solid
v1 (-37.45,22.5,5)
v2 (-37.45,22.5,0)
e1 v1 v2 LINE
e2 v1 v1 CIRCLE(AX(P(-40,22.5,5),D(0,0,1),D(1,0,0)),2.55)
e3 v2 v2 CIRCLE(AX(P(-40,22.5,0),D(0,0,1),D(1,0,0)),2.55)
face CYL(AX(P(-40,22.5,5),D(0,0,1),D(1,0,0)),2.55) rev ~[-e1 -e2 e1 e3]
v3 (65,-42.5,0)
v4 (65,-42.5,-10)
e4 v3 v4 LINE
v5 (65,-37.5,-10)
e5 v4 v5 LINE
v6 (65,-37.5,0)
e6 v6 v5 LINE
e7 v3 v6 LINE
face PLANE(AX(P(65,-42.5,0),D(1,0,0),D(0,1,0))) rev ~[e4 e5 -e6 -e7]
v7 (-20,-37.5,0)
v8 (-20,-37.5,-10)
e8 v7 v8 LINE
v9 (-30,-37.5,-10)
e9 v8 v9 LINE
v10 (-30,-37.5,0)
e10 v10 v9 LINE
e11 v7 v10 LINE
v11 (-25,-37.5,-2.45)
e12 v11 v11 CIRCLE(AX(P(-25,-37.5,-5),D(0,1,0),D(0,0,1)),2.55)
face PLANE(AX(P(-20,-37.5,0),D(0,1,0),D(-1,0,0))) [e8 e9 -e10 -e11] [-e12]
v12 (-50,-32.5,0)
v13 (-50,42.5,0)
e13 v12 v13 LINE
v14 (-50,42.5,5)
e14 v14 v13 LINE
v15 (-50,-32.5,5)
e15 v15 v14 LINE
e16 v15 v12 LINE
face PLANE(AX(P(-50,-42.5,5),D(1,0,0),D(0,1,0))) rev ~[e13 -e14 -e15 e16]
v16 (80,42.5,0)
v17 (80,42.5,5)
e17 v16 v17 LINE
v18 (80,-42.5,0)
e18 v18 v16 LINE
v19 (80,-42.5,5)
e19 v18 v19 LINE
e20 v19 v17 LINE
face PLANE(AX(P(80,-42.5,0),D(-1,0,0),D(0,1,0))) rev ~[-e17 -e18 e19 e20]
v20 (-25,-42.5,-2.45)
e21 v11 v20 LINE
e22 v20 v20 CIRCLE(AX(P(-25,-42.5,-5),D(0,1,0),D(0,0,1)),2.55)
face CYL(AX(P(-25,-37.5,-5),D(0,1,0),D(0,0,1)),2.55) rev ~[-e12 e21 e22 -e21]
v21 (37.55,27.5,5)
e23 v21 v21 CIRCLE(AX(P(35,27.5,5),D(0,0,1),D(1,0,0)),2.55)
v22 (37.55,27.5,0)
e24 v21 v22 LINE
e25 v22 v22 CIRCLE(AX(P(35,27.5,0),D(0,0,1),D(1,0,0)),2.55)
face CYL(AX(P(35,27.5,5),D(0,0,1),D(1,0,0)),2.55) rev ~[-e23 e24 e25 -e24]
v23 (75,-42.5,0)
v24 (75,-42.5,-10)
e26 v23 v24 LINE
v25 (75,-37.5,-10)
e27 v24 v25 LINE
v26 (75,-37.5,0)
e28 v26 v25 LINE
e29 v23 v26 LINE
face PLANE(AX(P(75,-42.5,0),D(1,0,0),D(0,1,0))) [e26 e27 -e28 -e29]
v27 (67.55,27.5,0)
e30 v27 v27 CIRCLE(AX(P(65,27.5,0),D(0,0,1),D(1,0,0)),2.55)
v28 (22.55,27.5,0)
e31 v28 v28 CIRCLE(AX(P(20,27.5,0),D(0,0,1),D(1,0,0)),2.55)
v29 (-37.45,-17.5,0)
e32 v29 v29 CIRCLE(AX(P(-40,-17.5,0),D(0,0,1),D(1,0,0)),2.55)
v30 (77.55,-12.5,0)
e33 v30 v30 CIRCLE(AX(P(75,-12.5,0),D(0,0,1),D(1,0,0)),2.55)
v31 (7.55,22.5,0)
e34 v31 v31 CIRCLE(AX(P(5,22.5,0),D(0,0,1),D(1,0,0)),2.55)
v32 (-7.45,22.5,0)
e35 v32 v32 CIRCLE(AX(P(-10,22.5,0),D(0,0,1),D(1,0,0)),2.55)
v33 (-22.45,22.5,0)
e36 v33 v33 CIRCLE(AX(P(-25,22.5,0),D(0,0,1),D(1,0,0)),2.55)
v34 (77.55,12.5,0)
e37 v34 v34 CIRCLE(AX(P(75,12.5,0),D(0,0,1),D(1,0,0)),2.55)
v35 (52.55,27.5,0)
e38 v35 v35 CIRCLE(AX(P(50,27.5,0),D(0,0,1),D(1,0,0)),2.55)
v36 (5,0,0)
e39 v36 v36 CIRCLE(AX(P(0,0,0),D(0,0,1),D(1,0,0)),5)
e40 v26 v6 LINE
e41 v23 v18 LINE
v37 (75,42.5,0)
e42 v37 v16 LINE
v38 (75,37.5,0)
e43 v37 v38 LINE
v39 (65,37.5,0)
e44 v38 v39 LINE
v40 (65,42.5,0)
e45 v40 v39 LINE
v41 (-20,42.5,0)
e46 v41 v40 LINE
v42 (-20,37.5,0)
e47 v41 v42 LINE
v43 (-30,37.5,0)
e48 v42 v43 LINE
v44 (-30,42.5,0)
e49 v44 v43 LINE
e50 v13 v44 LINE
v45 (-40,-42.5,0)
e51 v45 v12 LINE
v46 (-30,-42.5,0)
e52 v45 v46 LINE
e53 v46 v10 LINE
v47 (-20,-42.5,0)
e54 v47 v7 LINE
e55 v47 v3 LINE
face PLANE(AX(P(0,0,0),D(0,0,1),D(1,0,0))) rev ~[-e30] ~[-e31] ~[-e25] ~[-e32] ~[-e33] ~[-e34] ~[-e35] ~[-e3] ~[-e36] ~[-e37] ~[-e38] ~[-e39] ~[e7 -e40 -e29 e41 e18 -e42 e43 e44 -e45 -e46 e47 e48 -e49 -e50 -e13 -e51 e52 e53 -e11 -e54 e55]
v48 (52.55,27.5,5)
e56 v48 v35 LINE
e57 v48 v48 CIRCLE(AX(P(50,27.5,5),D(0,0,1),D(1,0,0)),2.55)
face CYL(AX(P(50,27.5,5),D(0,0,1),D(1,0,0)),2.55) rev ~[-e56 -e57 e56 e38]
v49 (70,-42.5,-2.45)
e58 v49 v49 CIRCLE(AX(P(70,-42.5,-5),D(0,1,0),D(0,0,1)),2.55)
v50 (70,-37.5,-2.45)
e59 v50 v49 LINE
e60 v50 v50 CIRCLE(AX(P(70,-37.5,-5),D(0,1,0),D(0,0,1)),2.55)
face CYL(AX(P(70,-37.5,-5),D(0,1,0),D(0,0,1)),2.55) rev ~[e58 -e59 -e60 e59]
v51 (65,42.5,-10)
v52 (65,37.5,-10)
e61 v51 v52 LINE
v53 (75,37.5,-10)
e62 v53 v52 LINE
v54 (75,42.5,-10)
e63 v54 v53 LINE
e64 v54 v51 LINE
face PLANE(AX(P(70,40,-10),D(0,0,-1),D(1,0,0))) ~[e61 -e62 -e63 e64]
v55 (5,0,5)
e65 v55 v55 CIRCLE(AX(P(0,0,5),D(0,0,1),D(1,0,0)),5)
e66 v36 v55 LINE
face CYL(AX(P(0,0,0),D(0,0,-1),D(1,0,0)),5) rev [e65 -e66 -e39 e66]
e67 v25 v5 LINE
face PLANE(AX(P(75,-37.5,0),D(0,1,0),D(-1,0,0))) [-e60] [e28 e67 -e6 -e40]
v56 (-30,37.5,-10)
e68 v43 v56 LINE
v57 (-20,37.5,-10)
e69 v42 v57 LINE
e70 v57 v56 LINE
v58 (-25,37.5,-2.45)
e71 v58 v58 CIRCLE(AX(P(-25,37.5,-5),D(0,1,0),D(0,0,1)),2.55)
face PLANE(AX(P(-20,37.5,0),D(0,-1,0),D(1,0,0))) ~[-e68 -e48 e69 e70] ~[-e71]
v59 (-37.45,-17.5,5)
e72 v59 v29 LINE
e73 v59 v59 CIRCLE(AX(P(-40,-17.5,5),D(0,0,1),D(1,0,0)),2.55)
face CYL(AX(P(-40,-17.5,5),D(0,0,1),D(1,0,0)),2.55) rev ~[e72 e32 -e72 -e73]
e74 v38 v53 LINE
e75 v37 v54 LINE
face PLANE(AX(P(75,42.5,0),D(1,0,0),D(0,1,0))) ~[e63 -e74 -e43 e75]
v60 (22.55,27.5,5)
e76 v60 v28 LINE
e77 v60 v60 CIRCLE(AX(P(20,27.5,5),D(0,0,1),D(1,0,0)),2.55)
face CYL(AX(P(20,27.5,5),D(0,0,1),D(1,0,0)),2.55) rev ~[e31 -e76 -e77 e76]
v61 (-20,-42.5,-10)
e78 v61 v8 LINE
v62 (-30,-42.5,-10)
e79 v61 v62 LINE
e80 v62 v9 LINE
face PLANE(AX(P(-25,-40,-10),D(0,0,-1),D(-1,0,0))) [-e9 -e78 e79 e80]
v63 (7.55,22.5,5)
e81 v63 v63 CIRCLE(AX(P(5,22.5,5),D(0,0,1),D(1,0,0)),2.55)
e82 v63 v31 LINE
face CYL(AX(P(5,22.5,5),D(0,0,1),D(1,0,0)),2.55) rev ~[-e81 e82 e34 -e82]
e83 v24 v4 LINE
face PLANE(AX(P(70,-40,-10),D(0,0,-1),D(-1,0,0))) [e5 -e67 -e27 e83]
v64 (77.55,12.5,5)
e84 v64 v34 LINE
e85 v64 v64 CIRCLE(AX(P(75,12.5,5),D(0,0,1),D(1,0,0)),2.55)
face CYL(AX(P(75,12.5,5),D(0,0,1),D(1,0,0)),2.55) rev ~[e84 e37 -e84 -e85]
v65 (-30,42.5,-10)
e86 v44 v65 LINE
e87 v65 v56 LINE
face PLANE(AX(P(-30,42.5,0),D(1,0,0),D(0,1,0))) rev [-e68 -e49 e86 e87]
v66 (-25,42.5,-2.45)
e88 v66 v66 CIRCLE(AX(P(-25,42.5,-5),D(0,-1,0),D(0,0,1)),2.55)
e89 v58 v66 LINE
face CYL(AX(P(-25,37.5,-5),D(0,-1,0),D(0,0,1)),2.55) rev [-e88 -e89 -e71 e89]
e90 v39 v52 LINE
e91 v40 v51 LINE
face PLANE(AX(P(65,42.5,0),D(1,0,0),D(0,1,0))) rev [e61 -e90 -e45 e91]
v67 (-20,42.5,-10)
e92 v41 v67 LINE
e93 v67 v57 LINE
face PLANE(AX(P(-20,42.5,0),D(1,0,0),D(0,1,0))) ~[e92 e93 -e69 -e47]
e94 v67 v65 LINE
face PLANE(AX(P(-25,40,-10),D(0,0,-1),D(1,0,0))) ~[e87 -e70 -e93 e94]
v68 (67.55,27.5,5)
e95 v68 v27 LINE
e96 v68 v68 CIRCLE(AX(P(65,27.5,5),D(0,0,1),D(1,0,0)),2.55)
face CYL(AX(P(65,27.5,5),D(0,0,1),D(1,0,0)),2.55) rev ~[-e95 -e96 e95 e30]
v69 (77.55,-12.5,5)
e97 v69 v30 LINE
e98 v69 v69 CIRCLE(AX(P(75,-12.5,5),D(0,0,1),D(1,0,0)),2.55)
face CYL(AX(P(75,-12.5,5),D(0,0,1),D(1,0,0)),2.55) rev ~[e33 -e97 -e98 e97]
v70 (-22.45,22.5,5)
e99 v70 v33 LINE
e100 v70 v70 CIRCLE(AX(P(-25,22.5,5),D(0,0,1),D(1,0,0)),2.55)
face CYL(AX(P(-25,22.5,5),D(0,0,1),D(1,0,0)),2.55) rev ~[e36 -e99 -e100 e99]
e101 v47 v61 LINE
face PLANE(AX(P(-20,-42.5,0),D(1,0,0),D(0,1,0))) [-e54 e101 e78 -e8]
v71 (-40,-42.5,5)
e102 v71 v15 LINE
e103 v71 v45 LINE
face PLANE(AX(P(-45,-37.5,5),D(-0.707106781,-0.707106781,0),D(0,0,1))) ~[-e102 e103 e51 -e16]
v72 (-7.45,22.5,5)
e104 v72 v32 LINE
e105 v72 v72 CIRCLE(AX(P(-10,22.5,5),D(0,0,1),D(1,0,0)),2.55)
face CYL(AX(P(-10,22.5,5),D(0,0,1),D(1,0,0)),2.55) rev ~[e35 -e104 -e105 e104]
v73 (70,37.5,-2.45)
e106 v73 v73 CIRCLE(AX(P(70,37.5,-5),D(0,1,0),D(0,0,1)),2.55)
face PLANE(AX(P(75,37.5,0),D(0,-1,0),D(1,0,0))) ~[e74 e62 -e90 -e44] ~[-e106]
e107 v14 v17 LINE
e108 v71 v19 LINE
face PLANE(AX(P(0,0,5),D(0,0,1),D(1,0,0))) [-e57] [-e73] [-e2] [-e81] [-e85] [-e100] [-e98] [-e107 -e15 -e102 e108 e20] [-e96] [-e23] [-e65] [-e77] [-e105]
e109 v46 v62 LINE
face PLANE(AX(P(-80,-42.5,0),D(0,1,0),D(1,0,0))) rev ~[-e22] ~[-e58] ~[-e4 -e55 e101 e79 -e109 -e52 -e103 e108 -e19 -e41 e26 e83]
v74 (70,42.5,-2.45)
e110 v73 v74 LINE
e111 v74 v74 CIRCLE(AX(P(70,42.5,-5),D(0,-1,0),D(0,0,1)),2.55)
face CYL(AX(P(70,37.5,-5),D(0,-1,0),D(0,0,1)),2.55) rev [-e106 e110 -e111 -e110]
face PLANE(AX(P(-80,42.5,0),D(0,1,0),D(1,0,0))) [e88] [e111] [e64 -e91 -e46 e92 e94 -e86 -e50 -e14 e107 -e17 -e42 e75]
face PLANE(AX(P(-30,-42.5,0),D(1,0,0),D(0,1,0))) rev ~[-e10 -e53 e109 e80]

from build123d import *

# Parameters (mm, degrees)
SKETCH1_W           = 160
SKETCH1_H           = 85
SKETCH1_R           = 5
BOSS_EXTRUDE1_DEPTH = 5
SKETCH3_W           = 30
SKETCH3_H           = 85
CUT_EXTRUDE2_DEPTH  = 15
SKETCH5_R           = 2.55
CUT_EXTRUDE3_DEPTH  = 15
CHAMFER1_SIZE       = 10
SKETCH6_W           = 10
SKETCH6_H           = 5
BOSS_EXTRUDE2_DEPTH = 10
SKETCH7_R           = 2.55
CUT_EXTRUDE4_DEPTH  = 114.578166916
SKETCH8_R           = 2.55
CUT_EXTRUDE5_DEPTH  = 92.821838361


with BuildPart() as part:
    # Sketch1 → Boss-Extrude1 (new body)
    with BuildSketch(Plane.XY):
        Rectangle(SKETCH1_W, SKETCH1_H)
        Circle(SKETCH1_R, mode=Mode.SUBTRACT)
    extrude(amount=BOSS_EXTRUDE1_DEPTH)

    # Sketch3 → Cut-Extrude2 (cut)
    with BuildSketch(Plane.XY.offset(5)):
        with Locations((-65, 0)):
            Rectangle(SKETCH3_W, SKETCH3_H)
    extrude(amount=-CUT_EXTRUDE2_DEPTH, mode=Mode.SUBTRACT)

    # Sketch5 → Cut-Extrude3 (cut)
    with BuildSketch(Plane.XY.offset(5)):
        with Locations((65, 27.5)):
            Circle(SKETCH5_R)
        with Locations((50, 27.5)):
            Circle(SKETCH5_R)
        with Locations((35, 27.5)):
            Circle(SKETCH5_R)
        with Locations((20, 27.5)):
            Circle(SKETCH5_R)
        with Locations((5, 22.5)):
            Circle(SKETCH5_R)
        with Locations((-10, 22.5)):
            Circle(SKETCH5_R)
        with Locations((-25, 22.5)):
            Circle(SKETCH5_R)
        with Locations((-40, 22.5)):
            Circle(SKETCH5_R)
        with Locations((-40, -17.5)):
            Circle(SKETCH5_R)
    extrude(amount=-CUT_EXTRUDE3_DEPTH, mode=Mode.SUBTRACT)

    # Chamfer1
    chamfer1_edges = [part.edges().sort_by_distance(p)[0] for p in [
        (-50, -42.5, 2.5),
    ]]
    chamfer(chamfer1_edges, length=CHAMFER1_SIZE)

    # Sketch6 → Boss-Extrude2 (add)
    with BuildSketch(Plane(origin=(0, 0, 0), x_dir=(-1, 0, 0), z_dir=(0, 0, -1))):
        with Locations((-70, -40)):
            Rectangle(SKETCH6_W, SKETCH6_H)
        with Locations((25, -40)):
            Rectangle(SKETCH6_W, SKETCH6_H)
    boss_extrude2 = extrude(amount=BOSS_EXTRUDE2_DEPTH)

    # Sketch7 → Cut-Extrude4 (cut, through all)
    with BuildSketch(Plane(origin=(0, -37.5, 0), x_dir=(1, 0, 0), z_dir=(0, 1, 0))):
        with Locations(Location((70, 5, 0), (0, 0, 270))):
            Circle(SKETCH7_R)
        with Locations(Location((-25, 5, 0), (0, 0, 270))):
            Circle(SKETCH7_R)
    cut_extrude4 = extrude(amount=-CUT_EXTRUDE4_DEPTH, mode=Mode.SUBTRACT)

    # Mirror1: Boss-Extrude2 across plane
    add(boss_extrude2.mirror(Plane.ZX))

    # Mirror2: Cut-Extrude4 across plane
    add(cut_extrude4.mirror(Plane.ZX), mode=Mode.SUBTRACT)

    # Sketch8 → Cut-Extrude5 (cut, through all)
    with BuildSketch(Plane.XY.offset(5)):
        with Locations((75, 12.5)):
            Circle(SKETCH8_R)
        with Locations((75, -12.5)):
            Circle(SKETCH8_R)
    extrude(amount=-CUT_EXTRUDE5_DEPTH, mode=Mode.SUBTRACT)


solid = part.part
